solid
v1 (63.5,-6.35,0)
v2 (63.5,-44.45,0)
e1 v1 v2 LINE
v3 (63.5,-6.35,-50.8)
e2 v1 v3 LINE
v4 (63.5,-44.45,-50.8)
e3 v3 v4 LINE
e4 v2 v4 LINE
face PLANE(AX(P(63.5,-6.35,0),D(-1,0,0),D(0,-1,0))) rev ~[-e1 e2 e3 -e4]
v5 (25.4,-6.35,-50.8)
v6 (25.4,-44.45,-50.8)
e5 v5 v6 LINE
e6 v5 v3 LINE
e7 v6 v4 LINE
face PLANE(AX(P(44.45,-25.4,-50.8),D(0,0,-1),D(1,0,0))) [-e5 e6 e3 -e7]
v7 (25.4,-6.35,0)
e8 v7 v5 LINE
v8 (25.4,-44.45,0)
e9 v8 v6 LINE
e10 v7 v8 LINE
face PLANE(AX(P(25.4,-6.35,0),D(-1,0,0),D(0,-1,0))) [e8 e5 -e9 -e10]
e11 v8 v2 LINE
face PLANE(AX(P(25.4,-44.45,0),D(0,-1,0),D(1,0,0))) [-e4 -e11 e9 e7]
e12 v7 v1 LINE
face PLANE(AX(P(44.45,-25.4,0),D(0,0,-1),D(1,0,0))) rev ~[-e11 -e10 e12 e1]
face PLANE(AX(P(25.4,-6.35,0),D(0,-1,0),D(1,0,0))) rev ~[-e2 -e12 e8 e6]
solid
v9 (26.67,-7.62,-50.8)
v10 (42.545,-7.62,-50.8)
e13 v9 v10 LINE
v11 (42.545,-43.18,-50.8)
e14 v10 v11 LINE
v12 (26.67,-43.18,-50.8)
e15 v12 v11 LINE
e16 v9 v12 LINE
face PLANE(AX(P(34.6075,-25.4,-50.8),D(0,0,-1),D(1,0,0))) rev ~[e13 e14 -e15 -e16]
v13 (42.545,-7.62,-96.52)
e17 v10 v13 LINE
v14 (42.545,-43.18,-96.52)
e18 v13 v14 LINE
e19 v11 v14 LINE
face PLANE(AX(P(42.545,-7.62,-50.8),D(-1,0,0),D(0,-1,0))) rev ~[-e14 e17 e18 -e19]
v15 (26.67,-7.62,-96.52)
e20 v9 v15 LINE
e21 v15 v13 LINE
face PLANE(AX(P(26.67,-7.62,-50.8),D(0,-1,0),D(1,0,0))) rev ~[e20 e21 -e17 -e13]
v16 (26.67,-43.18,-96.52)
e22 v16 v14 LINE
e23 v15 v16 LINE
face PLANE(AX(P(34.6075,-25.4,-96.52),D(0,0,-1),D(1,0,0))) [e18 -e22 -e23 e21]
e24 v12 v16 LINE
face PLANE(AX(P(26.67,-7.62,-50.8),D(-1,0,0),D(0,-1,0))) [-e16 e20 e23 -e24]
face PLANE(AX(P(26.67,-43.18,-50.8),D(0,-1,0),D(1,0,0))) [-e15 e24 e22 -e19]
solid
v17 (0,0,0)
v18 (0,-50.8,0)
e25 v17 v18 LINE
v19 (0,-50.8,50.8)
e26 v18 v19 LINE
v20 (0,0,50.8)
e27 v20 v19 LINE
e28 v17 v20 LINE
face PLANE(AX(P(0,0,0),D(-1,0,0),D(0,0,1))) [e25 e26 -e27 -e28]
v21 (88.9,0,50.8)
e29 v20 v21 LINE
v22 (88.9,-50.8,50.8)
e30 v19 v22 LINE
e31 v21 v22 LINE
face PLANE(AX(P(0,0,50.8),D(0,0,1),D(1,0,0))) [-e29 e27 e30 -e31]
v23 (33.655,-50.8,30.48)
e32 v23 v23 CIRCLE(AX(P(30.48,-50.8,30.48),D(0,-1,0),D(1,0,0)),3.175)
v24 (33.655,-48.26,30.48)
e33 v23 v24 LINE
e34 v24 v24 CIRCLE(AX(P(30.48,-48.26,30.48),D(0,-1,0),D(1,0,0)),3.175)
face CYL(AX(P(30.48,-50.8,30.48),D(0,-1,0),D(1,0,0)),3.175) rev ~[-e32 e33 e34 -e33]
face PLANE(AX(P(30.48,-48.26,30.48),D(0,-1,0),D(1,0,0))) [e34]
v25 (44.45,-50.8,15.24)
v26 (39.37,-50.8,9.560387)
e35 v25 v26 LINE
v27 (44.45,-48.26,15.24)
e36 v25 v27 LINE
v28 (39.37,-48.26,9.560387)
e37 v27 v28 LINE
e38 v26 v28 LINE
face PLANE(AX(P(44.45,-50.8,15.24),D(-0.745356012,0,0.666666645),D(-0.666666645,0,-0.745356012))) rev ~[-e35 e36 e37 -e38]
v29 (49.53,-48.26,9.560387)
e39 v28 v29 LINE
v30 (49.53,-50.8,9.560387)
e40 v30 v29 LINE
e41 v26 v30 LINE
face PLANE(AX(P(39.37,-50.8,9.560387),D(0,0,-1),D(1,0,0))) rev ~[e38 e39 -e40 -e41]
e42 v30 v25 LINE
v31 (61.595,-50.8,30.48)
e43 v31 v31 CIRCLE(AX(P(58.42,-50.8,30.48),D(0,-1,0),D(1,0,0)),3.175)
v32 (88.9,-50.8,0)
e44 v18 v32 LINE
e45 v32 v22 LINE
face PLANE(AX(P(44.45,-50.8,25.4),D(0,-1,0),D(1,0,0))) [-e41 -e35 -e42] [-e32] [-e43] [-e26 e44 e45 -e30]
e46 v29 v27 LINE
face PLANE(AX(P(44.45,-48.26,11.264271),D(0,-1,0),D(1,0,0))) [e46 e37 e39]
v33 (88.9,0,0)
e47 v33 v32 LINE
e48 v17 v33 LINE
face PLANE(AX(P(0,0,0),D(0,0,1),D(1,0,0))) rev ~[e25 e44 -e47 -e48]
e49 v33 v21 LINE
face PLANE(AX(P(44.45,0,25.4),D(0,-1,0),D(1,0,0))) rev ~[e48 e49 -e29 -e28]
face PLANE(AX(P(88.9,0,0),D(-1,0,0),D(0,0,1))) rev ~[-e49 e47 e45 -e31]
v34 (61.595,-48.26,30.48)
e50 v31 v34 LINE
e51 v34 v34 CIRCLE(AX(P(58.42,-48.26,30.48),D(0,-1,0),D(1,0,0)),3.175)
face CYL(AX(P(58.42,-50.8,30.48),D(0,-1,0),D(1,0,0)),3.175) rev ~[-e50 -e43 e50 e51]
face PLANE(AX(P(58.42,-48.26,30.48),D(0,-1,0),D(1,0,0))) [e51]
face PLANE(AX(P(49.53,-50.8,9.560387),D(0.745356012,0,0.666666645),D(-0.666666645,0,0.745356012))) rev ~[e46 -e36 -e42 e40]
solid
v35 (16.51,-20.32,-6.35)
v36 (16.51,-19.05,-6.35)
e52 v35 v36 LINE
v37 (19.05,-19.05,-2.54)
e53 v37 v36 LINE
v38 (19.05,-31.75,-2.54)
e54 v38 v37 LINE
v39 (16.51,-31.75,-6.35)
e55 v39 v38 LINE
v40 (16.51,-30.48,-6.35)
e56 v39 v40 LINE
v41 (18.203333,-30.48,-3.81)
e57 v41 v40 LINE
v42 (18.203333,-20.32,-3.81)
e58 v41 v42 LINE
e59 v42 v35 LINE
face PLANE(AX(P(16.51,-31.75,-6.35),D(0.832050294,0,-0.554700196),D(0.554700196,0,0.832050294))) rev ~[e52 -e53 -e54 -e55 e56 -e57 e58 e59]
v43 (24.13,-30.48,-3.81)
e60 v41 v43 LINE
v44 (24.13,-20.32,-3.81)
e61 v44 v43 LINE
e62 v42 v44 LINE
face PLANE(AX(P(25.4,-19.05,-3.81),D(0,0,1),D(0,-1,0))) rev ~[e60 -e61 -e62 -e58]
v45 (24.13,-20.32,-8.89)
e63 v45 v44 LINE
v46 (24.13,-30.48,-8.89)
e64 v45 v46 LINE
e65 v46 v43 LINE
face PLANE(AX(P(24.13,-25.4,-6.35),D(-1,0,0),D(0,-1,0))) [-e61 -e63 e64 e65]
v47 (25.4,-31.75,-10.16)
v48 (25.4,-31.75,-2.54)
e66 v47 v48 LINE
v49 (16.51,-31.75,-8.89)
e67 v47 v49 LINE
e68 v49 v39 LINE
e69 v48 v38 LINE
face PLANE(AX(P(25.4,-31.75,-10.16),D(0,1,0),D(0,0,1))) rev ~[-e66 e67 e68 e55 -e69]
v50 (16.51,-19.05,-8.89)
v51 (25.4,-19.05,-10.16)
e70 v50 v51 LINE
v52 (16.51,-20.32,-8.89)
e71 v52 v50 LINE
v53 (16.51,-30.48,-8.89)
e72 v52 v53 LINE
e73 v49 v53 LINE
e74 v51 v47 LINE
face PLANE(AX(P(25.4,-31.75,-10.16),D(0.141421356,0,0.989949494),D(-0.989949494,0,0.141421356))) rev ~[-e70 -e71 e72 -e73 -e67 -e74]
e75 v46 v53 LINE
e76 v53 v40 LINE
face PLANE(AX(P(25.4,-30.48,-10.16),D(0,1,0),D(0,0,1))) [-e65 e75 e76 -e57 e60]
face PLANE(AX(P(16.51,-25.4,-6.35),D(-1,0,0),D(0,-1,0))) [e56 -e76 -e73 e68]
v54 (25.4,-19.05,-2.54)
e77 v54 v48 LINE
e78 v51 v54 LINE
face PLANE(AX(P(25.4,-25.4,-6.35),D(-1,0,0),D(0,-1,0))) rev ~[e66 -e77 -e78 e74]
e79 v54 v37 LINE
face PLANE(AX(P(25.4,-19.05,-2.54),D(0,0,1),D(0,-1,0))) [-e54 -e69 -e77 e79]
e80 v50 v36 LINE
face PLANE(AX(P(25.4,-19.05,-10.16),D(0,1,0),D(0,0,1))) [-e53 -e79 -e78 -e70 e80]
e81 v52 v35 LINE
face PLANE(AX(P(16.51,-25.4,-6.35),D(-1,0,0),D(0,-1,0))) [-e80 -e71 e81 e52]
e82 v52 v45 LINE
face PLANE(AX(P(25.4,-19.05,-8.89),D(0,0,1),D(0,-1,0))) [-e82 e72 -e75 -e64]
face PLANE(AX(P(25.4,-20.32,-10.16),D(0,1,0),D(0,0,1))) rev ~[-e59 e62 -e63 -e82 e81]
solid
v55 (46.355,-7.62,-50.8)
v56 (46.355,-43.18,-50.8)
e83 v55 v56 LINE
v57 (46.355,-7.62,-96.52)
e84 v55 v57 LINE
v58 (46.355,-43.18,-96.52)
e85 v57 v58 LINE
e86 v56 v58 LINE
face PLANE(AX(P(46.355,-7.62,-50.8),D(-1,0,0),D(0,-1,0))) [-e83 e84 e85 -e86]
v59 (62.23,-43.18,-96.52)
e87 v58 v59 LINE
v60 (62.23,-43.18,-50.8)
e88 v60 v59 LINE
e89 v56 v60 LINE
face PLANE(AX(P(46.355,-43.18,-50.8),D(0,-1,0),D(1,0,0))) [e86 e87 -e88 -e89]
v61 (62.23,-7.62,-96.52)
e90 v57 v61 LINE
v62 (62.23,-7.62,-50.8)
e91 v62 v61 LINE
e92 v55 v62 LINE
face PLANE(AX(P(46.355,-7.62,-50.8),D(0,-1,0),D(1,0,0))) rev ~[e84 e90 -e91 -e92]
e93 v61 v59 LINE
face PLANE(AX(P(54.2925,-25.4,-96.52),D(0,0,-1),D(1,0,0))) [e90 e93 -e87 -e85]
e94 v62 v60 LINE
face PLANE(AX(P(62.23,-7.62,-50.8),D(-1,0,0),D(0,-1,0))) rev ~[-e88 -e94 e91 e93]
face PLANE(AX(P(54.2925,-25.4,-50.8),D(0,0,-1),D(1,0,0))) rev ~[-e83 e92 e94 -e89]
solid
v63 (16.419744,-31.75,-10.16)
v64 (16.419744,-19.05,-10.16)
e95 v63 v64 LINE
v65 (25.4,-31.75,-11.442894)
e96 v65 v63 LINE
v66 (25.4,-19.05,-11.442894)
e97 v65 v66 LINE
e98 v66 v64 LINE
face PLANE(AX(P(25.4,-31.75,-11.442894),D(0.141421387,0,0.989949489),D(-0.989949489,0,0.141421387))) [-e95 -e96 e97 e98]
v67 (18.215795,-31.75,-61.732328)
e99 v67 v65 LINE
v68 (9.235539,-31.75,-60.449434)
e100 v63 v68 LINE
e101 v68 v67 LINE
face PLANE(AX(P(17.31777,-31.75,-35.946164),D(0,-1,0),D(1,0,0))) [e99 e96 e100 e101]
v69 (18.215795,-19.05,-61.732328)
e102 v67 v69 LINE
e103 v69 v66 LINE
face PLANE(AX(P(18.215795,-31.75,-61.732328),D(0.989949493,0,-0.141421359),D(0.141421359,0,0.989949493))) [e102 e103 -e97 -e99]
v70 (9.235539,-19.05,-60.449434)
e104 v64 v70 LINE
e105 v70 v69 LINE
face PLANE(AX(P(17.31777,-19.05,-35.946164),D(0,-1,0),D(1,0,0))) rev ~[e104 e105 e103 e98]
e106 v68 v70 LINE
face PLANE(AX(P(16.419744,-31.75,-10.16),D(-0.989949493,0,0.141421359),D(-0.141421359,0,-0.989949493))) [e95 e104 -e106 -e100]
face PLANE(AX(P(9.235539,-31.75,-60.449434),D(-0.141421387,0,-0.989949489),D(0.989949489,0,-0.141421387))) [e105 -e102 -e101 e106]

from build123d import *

# Parameters (mm, degrees)
F0_W      = 88.9
F0_H      = 50.8
F1_DEPTH  = 50.8
F3_R      = 3.175
F4_DEPTH  = 2.54
F5_W      = 38.1
F5_H      = 38.1
F6_DEPTH  = 50.8
F7_W      = 15.875
F7_H      = 35.56
F8_DEPTH  = 45.72
F9_W      = 12.7
F9_H      = 7.62
F10_DEPTH = 8.89
F11_T     = -1.27
F13_DEPTH = 25.4
F15_DEPTH = 12.7


with BuildPart() as f1:
    # F0 (on Front) → F1 (new body)
    with BuildSketch(Plane.XZ):
        with Locations((44.45, 25.4)):
            Rectangle(F0_W, F0_H)
    extrude(amount=F1_DEPTH)

    # F3 (on face) → F4 (cut)
    with BuildSketch(Plane.XZ.offset(50.8)):
        with Locations((30.48, 30.48)):
            Circle(F3_R)
        with Locations((58.42, 30.48)):
            Circle(F3_R)
        Polygon((49.53, 9.560387), (44.45, 15.24), (39.37, 9.560387), align=None)
    extrude(amount=-F4_DEPTH, mode=Mode.SUBTRACT)


with BuildPart() as f6:
    # F5 (on face) → F6 (new body)
    with BuildSketch(Plane(origin=(0, 0, 0), x_dir=(1, 0, 0), z_dir=(0, 0, -1))):
        with Locations((44.45, 25.4)):
            Rectangle(F5_W, F5_H)
    extrude(amount=F6_DEPTH)


with BuildPart() as f8:
    # F7 (on face) → F8 (new body)
    with BuildSketch(Plane(origin=(0, 0, -50.8), x_dir=(1, 0, 0), z_dir=(0, 0, -1))):
        with Locations((34.6075, 25.4)):
            Rectangle(F7_W, F7_H)
        with Locations((54.2925, 25.4)):
            Rectangle(F7_W, F7_H)
    extrude(amount=F8_DEPTH)


with BuildPart() as f10:
    # F9 (on face) → F10 (new body)
    with BuildSketch(Plane(origin=(25.4, 0, 0), x_dir=(0, -1, 0), z_dir=(-1, 0, 0))):
        with Locations((25.4, -6.35)):
            Rectangle(F9_W, F9_H)
    extrude(amount=F10_DEPTH)

    # F11
    f11_openings = [f10.faces().sort_by_distance(p)[0] for p in [
        (16.51, -25.4, -6.35),
    ]]
    offset(amount=F11_T, openings=f11_openings)

    # F12 (on face) → F13 (cut)
    with BuildSketch(Plane.XZ.offset(31.75)):
        Polygon((16.51, -6.35), (19.05, -2.54), (16.51, -2.54), align=None)
        Polygon((25.4, -10.16), (16.51, -8.89), (16.51, -10.16), align=None)
    extrude(amount=-F13_DEPTH, mode=Mode.SUBTRACT)


with BuildPart() as f15:
    # F14 (on face) → F15 (new body, through all)
    with BuildSketch(Plane.XZ.offset(31.75)):
        Polygon((25.4, -11.442894), (16.419744, -10.16), (9.235539, -60.449434), (18.215795, -61.732328), align=None)
    extrude(amount=-F15_DEPTH)


solid = Compound([f1.part, f6.part, f8.part, f10.part, f15.part])
